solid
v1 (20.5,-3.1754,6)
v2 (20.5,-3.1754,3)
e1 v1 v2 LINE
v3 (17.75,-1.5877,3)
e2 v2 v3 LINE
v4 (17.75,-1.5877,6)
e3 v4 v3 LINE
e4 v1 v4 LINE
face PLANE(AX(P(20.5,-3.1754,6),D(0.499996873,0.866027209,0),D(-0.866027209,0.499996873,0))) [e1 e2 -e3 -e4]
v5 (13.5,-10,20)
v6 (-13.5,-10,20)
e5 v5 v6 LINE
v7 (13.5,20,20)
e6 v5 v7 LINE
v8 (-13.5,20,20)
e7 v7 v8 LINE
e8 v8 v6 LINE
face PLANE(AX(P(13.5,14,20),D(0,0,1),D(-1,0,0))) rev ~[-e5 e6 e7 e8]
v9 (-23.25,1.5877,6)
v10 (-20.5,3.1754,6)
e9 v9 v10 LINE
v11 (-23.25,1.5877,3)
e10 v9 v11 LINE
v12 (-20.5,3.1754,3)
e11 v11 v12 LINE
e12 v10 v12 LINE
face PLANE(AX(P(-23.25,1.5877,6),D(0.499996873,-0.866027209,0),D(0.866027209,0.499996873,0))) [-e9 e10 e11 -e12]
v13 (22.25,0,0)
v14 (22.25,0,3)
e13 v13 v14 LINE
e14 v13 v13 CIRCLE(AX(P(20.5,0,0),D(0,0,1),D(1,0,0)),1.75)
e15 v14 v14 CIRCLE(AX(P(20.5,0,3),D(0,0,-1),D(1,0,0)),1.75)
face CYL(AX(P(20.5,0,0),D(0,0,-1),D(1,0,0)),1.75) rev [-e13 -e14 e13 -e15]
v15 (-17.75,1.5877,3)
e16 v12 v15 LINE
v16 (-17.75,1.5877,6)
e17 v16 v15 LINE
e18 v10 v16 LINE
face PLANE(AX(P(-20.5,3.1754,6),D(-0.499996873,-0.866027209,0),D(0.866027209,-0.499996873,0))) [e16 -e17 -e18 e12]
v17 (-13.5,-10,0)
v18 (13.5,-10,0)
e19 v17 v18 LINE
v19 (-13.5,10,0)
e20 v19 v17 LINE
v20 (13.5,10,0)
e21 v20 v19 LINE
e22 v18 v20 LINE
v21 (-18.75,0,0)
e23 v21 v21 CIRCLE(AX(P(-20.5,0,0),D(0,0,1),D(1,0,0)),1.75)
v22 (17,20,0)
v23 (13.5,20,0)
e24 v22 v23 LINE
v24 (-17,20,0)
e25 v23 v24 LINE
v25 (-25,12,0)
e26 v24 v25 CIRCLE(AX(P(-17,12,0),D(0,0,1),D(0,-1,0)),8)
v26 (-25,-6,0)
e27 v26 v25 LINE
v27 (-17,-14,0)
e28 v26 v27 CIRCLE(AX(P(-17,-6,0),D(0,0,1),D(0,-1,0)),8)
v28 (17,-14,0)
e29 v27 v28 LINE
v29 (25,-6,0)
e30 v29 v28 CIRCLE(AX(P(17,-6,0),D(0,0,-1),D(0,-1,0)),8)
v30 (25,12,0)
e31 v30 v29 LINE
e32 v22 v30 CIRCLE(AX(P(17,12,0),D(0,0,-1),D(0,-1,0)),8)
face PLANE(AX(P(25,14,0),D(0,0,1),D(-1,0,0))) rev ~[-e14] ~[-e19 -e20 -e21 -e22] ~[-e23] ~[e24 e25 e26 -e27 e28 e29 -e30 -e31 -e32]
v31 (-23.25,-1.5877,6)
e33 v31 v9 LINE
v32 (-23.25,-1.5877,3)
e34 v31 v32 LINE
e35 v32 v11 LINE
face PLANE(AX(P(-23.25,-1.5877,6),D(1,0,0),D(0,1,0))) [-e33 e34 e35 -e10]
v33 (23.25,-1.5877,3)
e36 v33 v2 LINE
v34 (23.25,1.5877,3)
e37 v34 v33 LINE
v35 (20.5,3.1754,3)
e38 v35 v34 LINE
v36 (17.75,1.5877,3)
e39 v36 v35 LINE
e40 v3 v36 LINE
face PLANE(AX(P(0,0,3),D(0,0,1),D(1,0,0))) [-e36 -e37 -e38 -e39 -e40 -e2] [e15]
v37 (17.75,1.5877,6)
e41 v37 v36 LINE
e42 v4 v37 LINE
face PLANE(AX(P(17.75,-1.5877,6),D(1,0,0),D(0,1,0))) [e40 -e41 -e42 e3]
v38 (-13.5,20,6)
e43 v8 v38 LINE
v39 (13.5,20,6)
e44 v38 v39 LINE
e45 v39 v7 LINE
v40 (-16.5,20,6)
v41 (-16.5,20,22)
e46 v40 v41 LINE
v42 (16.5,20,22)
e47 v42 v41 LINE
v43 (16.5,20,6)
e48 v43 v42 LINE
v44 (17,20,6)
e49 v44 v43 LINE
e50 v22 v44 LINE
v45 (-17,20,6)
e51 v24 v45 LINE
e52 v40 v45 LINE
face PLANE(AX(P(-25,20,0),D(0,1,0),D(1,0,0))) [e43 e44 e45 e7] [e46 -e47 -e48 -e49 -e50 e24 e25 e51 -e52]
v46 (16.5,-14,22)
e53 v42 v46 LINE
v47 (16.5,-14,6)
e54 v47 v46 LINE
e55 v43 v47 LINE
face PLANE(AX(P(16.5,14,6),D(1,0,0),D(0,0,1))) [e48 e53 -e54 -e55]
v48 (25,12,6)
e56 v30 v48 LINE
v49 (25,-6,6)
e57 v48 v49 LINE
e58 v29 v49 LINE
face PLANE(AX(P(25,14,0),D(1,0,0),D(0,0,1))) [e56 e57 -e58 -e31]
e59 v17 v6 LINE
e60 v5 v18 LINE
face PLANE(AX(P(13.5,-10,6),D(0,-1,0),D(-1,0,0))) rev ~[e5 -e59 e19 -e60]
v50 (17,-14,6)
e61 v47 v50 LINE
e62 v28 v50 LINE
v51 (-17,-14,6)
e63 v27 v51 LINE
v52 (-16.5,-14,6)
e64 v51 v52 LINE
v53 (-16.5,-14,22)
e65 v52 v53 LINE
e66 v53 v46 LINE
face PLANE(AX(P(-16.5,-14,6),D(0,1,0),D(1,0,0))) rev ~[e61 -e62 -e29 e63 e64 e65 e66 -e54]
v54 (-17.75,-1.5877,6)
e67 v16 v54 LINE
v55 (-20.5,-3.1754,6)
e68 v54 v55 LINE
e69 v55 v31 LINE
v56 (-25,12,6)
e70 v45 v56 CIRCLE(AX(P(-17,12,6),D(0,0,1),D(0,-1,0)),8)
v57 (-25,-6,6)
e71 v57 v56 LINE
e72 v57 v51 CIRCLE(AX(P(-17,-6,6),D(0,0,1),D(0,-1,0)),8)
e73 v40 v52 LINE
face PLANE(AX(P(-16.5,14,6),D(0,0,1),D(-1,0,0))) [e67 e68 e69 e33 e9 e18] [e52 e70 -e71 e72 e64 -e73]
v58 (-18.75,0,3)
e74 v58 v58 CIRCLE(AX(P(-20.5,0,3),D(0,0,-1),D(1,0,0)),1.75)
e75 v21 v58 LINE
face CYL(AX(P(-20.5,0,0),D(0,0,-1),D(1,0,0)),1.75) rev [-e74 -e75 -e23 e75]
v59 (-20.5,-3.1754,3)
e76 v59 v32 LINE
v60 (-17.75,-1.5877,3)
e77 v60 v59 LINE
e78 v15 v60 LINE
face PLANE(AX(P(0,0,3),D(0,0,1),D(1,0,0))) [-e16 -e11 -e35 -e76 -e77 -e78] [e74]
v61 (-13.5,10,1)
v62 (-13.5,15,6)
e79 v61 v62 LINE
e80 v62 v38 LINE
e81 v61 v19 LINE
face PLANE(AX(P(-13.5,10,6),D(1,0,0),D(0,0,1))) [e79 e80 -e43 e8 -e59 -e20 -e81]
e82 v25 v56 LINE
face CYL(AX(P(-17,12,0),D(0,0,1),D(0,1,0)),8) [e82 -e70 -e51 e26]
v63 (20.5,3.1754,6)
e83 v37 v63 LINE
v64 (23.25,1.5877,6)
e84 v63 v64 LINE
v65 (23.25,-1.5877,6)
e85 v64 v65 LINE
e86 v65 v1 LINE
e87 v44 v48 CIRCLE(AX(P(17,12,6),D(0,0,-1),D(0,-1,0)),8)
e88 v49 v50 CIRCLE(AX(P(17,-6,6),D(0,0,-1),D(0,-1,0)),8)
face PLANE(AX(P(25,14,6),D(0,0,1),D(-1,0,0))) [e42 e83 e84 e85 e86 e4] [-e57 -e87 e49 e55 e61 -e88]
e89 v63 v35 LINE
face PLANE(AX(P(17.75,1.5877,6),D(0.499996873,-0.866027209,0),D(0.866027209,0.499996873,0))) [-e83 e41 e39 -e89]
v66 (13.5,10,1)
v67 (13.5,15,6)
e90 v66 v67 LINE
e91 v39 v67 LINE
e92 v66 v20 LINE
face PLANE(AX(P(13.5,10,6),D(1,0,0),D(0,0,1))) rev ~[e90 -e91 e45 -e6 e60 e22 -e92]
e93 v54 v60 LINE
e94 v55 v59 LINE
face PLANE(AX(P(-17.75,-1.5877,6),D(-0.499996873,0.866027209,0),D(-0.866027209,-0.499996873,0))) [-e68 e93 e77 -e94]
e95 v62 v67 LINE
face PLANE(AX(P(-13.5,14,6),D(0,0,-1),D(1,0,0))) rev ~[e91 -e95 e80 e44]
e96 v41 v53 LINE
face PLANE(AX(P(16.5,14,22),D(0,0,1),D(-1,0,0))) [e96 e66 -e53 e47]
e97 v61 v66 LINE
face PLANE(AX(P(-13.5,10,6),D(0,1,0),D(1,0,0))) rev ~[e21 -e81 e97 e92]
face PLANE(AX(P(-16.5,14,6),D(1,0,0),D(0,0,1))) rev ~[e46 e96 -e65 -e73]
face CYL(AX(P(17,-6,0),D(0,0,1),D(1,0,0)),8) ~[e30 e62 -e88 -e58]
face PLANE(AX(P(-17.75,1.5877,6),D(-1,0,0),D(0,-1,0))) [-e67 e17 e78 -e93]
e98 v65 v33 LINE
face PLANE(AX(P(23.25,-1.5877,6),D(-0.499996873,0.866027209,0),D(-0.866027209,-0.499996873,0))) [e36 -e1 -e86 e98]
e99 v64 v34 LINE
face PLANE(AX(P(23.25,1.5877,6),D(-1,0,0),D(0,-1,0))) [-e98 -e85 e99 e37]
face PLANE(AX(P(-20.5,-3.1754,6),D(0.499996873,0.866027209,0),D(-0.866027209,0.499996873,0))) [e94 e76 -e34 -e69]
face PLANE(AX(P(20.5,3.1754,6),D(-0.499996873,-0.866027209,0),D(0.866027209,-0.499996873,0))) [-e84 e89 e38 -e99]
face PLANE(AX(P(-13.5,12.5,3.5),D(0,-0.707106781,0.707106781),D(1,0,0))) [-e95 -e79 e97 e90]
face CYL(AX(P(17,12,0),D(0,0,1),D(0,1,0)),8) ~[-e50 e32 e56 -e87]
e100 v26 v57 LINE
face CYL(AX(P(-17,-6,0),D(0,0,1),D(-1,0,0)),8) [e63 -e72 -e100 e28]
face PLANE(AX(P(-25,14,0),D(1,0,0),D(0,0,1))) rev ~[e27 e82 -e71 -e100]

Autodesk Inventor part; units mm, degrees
ref_plane "YZ Plane" through (0, 0, 0) normal (1, 0, 0) x (0, 1, 0)
ref_plane "XZ Plane" through (0, 0, 0) normal (0, 1, 0) x (-1, 0, 0)
ref_plane "XY Plane" through (0, 0, 0) normal (0, 0, 1) x (1, 0, 0)
sketch "Skizze1" plane through (0, 0, 0) normal (0, 0, 1) x (1, 0, 0)
  line L0 (-25, -14) -> (25, -14)
  line L1 (25, -14) -> (25, 14)
  line L2 (25, 14) -> (-25, 14)
  line L3 (-25, 14) -> (-25, -14)
  line L4 (-25, -14) -> (25, 14) construction
  line L5 (25, -14) -> (-25, 14) construction
  line L6 (-13.5, -10) -> (13.5, -10)
  line L7 (13.5, -10) -> (13.5, 10)
  line L8 (13.5, 10) -> (-13.5, 10)
  line L9 (-13.5, 10) -> (-13.5, -10)
  line L10 (-13.5, -10) -> (13.5, 10) construction
  line L11 (13.5, -10) -> (-13.5, 10) construction
  circle A0 centre (-20.5, 0) radius 1.75
  circle A1 centre (20.5, 0) radius 1.75
  line L12 (-20.5, 0) -> (20.5, 0) construction
  point P0 (0, 0)
  point P1 (0, 0)
  point P2 (0, 0)
  point P3 (0, 0)
  dimension "d0" = 50
  dimension "d1" = 20
  dimension "d2" = 27
  dimension "d3" = 41
  dimension "d4" = 3.5
  dimension "d5" = 28
extrude "Extrusion1" add sketch "Skizze1" along normal blind 6
sketch "Skizze2" plane through (0, 0, 6) normal (0, 0, 1) x (1, 0, 0)
  line L0 (-13.5, -10) -> (-13.5, 10) projected
  line L1 (-13.5, 10) -> (13.5, 10) projected
  line L2 (13.5, 10) -> (13.5, -10) projected
  line L3 (13.5, -10) -> (-13.5, -10) projected
  circle A0 centre (20.5, 0) radius 1.75 projected
  circle A1 centre (-20.5, 0) radius 1.75 projected
  line L4 (-25, -14) -> (25, -14) projected
  line L5 (25, -14) -> (25, 14) projected
  line L6 (25, 14) -> (-25, 14) projected
  line L7 (-25, 14) -> (-25, -14) projected
  line L8 (-20.5, 3.1754) -> (-17.75, 1.5877)
  line L9 (-17.75, 1.5877) -> (-17.75, -1.5877)
  line L10 (-17.75, -1.5877) -> (-20.5, -3.1754)
  line L11 (-20.5, -3.1754) -> (-23.25, -1.5877)
  line L12 (-23.25, -1.5877) -> (-23.25, 1.5877)
  line L13 (-23.25, 1.5877) -> (-20.5, 3.1754)
  line L14 (20.5, 3.1754) -> (23.25, 1.5877)
  line L15 (23.25, 1.5877) -> (23.25, -1.5877)
  line L16 (23.25, -1.5877) -> (20.5, -3.1754)
  line L17 (20.5, -3.1754) -> (17.75, -1.5877)
  line L18 (17.75, -1.5877) -> (17.75, 1.5877)
  line L19 (17.75, 1.5877) -> (20.5, 3.1754)
  line L20 (-25, 14) -> (-25, -14) projected
  line L21 (25, -14) -> (25, 14) projected
  point P0 (0, 0)
  dimension "d8" = 5.5
extrude "Extrusion2" cut sketch "Skizze2" against normal blind 3 contours A0 | A1 | L8 L9 L10 L11 L12 L13 | L14 L15 L16 L17 L18 L19
sketch "Skizze3" plane through (0, 0, 6) normal (0, 0, 1) x (1, 0, 0)
  line L0 (-23.25, 1.5877) -> (-20.5, 3.1754) projected
  line L1 (-20.5, 3.1754) -> (-17.75, 1.5877) projected
  line L2 (-17.75, 1.5877) -> (-17.75, -1.5877) projected
  line L3 (-17.75, -1.5877) -> (-20.5, -3.1754) projected
  line L4 (-20.5, -3.1754) -> (-23.25, -1.5877) projected
  line L5 (-23.25, -1.5877) -> (-23.25, 1.5877) projected
  line L6 (17.75, 1.5877) -> (20.5, 3.1754) projected
  line L7 (20.5, 3.1754) -> (23.25, 1.5877) projected
  line L8 (23.25, 1.5877) -> (23.25, -1.5877) projected
  line L9 (23.25, -1.5877) -> (20.5, -3.1754) projected
  line L10 (20.5, -3.1754) -> (17.75, -1.5877) projected
  line L11 (17.75, -1.5877) -> (17.75, 1.5877) projected
  line L12 (-13.5, -10) -> (-13.5, 10) projected
  line L13 (-13.5, 10) -> (13.5, 10) projected
  line L14 (13.5, 10) -> (13.5, -10) projected
  line L15 (13.5, -10) -> (-13.5, -10) projected
  line L16 (-25, -14) -> (25, -14) projected
  line L17 (25, -14) -> (25, 14) projected
  line L18 (25, 14) -> (-25, 14) projected
  line L19 (-25, 14) -> (-25, -14) projected
  line L20 (-16.5, -14) -> (16.5, -14)
  line L21 (16.5, -14) -> (16.5, 14)
  line L22 (16.5, 14) -> (-16.5, 14)
  line L23 (-16.5, 14) -> (-16.5, -14)
  line L24 (-16.5, -14) -> (16.5, 14) construction
  line L25 (16.5, -14) -> (-16.5, 14) construction
  point P0 (0, 0)
  dimension "d11" = 3
extrude "Extrusion3" add sketch "Skizze3" along normal blind 14 contours L23 L18 L21 L16
sketch "Skizze4" plane through (0, 0, 20) normal (0, 0, 1) x (1, 0, 0)
  line L0 (-13.5, 10) -> (13.5, 10) projected
  line L1 (13.5, 10) -> (13.5, -10) projected
  line L2 (13.5, -10) -> (-13.5, -10) projected
  line L3 (-13.5, -10) -> (-13.5, 10) projected
  line L4 (16.5, 14) -> (-16.5, 14) projected
  line L5 (-16.5, 14) -> (-16.5, -14) projected
  line L6 (-16.5, -14) -> (16.5, -14) projected
  line L7 (16.5, -14) -> (16.5, 14) projected
  point P0 (0, 0)
extrude "Extrusion4" add sketch "Skizze4" along normal blind 2 contours L0 L1 L2 L3 | L7 L6 L5 L4
sketch "Skizze5" plane through (-13.5, 10, 0) normal (0, -1, 0) x (1, 0, 0)
  line L0 (27, 0) -> (0, 0) projected
  line L1 (27, 0) -> (27, 20) projected
  line L2 (0, 20) -> (27, 20) projected
  line L3 (0, 0) -> (0, 20) projected
  line L4 (38.5, 0) -> (-11.5, 0) projected
  line L5 (-11.5, 0) -> (-11.5, 6) projected
  line L6 (-3, 6) -> (-11.5, 6) projected
  line L7 (-3, 6) -> (-3, 22) projected
  line L8 (30, 22) -> (-3, 22) projected
  line L9 (30, 6) -> (30, 22) projected
  line L10 (38.5, 6) -> (30, 6) projected
  line L11 (38.5, 0) -> (38.5, 6) projected
  line L12 (0, 6) -> (27, 6)
  line L13 (27, 6) -> (27, 20)
  line L14 (27, 20) -> (0, 20)
  line L15 (0, 20) -> (0, 6)
  line L16 (0, 6) -> (27, 20) construction
  line L17 (27, 6) -> (0, 20) construction
  point P0 (13.5, 0)
  point P1 (13.5, 13)
extrude "Extrusion5" cut sketch "Skizze5" against normal through all contours L12 L3 L2 L1
sketch "Skizze7" plane through (-25, 14, 0) normal (0, 1, 0) x (1, 0, 0)
  line L0 (38.5, 0) -> (38.5, -6) projected
  line L1 (11.5, -20) -> (11.5, -6) projected
  line L2 (11.5, -6) -> (38.5, -6) projected
  line L3 (38.5, -6) -> (38.5, -20) projected
  line L4 (38.5, -20) -> (11.5, -20) projected
  line L5 (50, 0) -> (0, 0) projected
  line L6 (0, 0) -> (0, -6) projected
  line L7 (8.5, -6) -> (0, -6) projected
  line L8 (8.5, -6) -> (8.5, -22) projected
  line L9 (41.5, -22) -> (8.5, -22) projected
  line L10 (41.5, -6) -> (41.5, -22) projected
  line L11 (50, -6) -> (41.5, -6) projected
  line L12 (50, 0) -> (50, -6) projected
  point P0 (25, 0)
extrude "Extrusion6" add sketch "Skizze7" along normal blind 6
chamfer "Fase1" distance 5 angle 45 1 edges at (0, 10, 6)
fillet "Rundung1" radius 8 4 edges at (25, -14, 3) (25, 20, 3) (-25, -14, 3) (-25, 20, 3)
properties part number "kaltgeraete"
